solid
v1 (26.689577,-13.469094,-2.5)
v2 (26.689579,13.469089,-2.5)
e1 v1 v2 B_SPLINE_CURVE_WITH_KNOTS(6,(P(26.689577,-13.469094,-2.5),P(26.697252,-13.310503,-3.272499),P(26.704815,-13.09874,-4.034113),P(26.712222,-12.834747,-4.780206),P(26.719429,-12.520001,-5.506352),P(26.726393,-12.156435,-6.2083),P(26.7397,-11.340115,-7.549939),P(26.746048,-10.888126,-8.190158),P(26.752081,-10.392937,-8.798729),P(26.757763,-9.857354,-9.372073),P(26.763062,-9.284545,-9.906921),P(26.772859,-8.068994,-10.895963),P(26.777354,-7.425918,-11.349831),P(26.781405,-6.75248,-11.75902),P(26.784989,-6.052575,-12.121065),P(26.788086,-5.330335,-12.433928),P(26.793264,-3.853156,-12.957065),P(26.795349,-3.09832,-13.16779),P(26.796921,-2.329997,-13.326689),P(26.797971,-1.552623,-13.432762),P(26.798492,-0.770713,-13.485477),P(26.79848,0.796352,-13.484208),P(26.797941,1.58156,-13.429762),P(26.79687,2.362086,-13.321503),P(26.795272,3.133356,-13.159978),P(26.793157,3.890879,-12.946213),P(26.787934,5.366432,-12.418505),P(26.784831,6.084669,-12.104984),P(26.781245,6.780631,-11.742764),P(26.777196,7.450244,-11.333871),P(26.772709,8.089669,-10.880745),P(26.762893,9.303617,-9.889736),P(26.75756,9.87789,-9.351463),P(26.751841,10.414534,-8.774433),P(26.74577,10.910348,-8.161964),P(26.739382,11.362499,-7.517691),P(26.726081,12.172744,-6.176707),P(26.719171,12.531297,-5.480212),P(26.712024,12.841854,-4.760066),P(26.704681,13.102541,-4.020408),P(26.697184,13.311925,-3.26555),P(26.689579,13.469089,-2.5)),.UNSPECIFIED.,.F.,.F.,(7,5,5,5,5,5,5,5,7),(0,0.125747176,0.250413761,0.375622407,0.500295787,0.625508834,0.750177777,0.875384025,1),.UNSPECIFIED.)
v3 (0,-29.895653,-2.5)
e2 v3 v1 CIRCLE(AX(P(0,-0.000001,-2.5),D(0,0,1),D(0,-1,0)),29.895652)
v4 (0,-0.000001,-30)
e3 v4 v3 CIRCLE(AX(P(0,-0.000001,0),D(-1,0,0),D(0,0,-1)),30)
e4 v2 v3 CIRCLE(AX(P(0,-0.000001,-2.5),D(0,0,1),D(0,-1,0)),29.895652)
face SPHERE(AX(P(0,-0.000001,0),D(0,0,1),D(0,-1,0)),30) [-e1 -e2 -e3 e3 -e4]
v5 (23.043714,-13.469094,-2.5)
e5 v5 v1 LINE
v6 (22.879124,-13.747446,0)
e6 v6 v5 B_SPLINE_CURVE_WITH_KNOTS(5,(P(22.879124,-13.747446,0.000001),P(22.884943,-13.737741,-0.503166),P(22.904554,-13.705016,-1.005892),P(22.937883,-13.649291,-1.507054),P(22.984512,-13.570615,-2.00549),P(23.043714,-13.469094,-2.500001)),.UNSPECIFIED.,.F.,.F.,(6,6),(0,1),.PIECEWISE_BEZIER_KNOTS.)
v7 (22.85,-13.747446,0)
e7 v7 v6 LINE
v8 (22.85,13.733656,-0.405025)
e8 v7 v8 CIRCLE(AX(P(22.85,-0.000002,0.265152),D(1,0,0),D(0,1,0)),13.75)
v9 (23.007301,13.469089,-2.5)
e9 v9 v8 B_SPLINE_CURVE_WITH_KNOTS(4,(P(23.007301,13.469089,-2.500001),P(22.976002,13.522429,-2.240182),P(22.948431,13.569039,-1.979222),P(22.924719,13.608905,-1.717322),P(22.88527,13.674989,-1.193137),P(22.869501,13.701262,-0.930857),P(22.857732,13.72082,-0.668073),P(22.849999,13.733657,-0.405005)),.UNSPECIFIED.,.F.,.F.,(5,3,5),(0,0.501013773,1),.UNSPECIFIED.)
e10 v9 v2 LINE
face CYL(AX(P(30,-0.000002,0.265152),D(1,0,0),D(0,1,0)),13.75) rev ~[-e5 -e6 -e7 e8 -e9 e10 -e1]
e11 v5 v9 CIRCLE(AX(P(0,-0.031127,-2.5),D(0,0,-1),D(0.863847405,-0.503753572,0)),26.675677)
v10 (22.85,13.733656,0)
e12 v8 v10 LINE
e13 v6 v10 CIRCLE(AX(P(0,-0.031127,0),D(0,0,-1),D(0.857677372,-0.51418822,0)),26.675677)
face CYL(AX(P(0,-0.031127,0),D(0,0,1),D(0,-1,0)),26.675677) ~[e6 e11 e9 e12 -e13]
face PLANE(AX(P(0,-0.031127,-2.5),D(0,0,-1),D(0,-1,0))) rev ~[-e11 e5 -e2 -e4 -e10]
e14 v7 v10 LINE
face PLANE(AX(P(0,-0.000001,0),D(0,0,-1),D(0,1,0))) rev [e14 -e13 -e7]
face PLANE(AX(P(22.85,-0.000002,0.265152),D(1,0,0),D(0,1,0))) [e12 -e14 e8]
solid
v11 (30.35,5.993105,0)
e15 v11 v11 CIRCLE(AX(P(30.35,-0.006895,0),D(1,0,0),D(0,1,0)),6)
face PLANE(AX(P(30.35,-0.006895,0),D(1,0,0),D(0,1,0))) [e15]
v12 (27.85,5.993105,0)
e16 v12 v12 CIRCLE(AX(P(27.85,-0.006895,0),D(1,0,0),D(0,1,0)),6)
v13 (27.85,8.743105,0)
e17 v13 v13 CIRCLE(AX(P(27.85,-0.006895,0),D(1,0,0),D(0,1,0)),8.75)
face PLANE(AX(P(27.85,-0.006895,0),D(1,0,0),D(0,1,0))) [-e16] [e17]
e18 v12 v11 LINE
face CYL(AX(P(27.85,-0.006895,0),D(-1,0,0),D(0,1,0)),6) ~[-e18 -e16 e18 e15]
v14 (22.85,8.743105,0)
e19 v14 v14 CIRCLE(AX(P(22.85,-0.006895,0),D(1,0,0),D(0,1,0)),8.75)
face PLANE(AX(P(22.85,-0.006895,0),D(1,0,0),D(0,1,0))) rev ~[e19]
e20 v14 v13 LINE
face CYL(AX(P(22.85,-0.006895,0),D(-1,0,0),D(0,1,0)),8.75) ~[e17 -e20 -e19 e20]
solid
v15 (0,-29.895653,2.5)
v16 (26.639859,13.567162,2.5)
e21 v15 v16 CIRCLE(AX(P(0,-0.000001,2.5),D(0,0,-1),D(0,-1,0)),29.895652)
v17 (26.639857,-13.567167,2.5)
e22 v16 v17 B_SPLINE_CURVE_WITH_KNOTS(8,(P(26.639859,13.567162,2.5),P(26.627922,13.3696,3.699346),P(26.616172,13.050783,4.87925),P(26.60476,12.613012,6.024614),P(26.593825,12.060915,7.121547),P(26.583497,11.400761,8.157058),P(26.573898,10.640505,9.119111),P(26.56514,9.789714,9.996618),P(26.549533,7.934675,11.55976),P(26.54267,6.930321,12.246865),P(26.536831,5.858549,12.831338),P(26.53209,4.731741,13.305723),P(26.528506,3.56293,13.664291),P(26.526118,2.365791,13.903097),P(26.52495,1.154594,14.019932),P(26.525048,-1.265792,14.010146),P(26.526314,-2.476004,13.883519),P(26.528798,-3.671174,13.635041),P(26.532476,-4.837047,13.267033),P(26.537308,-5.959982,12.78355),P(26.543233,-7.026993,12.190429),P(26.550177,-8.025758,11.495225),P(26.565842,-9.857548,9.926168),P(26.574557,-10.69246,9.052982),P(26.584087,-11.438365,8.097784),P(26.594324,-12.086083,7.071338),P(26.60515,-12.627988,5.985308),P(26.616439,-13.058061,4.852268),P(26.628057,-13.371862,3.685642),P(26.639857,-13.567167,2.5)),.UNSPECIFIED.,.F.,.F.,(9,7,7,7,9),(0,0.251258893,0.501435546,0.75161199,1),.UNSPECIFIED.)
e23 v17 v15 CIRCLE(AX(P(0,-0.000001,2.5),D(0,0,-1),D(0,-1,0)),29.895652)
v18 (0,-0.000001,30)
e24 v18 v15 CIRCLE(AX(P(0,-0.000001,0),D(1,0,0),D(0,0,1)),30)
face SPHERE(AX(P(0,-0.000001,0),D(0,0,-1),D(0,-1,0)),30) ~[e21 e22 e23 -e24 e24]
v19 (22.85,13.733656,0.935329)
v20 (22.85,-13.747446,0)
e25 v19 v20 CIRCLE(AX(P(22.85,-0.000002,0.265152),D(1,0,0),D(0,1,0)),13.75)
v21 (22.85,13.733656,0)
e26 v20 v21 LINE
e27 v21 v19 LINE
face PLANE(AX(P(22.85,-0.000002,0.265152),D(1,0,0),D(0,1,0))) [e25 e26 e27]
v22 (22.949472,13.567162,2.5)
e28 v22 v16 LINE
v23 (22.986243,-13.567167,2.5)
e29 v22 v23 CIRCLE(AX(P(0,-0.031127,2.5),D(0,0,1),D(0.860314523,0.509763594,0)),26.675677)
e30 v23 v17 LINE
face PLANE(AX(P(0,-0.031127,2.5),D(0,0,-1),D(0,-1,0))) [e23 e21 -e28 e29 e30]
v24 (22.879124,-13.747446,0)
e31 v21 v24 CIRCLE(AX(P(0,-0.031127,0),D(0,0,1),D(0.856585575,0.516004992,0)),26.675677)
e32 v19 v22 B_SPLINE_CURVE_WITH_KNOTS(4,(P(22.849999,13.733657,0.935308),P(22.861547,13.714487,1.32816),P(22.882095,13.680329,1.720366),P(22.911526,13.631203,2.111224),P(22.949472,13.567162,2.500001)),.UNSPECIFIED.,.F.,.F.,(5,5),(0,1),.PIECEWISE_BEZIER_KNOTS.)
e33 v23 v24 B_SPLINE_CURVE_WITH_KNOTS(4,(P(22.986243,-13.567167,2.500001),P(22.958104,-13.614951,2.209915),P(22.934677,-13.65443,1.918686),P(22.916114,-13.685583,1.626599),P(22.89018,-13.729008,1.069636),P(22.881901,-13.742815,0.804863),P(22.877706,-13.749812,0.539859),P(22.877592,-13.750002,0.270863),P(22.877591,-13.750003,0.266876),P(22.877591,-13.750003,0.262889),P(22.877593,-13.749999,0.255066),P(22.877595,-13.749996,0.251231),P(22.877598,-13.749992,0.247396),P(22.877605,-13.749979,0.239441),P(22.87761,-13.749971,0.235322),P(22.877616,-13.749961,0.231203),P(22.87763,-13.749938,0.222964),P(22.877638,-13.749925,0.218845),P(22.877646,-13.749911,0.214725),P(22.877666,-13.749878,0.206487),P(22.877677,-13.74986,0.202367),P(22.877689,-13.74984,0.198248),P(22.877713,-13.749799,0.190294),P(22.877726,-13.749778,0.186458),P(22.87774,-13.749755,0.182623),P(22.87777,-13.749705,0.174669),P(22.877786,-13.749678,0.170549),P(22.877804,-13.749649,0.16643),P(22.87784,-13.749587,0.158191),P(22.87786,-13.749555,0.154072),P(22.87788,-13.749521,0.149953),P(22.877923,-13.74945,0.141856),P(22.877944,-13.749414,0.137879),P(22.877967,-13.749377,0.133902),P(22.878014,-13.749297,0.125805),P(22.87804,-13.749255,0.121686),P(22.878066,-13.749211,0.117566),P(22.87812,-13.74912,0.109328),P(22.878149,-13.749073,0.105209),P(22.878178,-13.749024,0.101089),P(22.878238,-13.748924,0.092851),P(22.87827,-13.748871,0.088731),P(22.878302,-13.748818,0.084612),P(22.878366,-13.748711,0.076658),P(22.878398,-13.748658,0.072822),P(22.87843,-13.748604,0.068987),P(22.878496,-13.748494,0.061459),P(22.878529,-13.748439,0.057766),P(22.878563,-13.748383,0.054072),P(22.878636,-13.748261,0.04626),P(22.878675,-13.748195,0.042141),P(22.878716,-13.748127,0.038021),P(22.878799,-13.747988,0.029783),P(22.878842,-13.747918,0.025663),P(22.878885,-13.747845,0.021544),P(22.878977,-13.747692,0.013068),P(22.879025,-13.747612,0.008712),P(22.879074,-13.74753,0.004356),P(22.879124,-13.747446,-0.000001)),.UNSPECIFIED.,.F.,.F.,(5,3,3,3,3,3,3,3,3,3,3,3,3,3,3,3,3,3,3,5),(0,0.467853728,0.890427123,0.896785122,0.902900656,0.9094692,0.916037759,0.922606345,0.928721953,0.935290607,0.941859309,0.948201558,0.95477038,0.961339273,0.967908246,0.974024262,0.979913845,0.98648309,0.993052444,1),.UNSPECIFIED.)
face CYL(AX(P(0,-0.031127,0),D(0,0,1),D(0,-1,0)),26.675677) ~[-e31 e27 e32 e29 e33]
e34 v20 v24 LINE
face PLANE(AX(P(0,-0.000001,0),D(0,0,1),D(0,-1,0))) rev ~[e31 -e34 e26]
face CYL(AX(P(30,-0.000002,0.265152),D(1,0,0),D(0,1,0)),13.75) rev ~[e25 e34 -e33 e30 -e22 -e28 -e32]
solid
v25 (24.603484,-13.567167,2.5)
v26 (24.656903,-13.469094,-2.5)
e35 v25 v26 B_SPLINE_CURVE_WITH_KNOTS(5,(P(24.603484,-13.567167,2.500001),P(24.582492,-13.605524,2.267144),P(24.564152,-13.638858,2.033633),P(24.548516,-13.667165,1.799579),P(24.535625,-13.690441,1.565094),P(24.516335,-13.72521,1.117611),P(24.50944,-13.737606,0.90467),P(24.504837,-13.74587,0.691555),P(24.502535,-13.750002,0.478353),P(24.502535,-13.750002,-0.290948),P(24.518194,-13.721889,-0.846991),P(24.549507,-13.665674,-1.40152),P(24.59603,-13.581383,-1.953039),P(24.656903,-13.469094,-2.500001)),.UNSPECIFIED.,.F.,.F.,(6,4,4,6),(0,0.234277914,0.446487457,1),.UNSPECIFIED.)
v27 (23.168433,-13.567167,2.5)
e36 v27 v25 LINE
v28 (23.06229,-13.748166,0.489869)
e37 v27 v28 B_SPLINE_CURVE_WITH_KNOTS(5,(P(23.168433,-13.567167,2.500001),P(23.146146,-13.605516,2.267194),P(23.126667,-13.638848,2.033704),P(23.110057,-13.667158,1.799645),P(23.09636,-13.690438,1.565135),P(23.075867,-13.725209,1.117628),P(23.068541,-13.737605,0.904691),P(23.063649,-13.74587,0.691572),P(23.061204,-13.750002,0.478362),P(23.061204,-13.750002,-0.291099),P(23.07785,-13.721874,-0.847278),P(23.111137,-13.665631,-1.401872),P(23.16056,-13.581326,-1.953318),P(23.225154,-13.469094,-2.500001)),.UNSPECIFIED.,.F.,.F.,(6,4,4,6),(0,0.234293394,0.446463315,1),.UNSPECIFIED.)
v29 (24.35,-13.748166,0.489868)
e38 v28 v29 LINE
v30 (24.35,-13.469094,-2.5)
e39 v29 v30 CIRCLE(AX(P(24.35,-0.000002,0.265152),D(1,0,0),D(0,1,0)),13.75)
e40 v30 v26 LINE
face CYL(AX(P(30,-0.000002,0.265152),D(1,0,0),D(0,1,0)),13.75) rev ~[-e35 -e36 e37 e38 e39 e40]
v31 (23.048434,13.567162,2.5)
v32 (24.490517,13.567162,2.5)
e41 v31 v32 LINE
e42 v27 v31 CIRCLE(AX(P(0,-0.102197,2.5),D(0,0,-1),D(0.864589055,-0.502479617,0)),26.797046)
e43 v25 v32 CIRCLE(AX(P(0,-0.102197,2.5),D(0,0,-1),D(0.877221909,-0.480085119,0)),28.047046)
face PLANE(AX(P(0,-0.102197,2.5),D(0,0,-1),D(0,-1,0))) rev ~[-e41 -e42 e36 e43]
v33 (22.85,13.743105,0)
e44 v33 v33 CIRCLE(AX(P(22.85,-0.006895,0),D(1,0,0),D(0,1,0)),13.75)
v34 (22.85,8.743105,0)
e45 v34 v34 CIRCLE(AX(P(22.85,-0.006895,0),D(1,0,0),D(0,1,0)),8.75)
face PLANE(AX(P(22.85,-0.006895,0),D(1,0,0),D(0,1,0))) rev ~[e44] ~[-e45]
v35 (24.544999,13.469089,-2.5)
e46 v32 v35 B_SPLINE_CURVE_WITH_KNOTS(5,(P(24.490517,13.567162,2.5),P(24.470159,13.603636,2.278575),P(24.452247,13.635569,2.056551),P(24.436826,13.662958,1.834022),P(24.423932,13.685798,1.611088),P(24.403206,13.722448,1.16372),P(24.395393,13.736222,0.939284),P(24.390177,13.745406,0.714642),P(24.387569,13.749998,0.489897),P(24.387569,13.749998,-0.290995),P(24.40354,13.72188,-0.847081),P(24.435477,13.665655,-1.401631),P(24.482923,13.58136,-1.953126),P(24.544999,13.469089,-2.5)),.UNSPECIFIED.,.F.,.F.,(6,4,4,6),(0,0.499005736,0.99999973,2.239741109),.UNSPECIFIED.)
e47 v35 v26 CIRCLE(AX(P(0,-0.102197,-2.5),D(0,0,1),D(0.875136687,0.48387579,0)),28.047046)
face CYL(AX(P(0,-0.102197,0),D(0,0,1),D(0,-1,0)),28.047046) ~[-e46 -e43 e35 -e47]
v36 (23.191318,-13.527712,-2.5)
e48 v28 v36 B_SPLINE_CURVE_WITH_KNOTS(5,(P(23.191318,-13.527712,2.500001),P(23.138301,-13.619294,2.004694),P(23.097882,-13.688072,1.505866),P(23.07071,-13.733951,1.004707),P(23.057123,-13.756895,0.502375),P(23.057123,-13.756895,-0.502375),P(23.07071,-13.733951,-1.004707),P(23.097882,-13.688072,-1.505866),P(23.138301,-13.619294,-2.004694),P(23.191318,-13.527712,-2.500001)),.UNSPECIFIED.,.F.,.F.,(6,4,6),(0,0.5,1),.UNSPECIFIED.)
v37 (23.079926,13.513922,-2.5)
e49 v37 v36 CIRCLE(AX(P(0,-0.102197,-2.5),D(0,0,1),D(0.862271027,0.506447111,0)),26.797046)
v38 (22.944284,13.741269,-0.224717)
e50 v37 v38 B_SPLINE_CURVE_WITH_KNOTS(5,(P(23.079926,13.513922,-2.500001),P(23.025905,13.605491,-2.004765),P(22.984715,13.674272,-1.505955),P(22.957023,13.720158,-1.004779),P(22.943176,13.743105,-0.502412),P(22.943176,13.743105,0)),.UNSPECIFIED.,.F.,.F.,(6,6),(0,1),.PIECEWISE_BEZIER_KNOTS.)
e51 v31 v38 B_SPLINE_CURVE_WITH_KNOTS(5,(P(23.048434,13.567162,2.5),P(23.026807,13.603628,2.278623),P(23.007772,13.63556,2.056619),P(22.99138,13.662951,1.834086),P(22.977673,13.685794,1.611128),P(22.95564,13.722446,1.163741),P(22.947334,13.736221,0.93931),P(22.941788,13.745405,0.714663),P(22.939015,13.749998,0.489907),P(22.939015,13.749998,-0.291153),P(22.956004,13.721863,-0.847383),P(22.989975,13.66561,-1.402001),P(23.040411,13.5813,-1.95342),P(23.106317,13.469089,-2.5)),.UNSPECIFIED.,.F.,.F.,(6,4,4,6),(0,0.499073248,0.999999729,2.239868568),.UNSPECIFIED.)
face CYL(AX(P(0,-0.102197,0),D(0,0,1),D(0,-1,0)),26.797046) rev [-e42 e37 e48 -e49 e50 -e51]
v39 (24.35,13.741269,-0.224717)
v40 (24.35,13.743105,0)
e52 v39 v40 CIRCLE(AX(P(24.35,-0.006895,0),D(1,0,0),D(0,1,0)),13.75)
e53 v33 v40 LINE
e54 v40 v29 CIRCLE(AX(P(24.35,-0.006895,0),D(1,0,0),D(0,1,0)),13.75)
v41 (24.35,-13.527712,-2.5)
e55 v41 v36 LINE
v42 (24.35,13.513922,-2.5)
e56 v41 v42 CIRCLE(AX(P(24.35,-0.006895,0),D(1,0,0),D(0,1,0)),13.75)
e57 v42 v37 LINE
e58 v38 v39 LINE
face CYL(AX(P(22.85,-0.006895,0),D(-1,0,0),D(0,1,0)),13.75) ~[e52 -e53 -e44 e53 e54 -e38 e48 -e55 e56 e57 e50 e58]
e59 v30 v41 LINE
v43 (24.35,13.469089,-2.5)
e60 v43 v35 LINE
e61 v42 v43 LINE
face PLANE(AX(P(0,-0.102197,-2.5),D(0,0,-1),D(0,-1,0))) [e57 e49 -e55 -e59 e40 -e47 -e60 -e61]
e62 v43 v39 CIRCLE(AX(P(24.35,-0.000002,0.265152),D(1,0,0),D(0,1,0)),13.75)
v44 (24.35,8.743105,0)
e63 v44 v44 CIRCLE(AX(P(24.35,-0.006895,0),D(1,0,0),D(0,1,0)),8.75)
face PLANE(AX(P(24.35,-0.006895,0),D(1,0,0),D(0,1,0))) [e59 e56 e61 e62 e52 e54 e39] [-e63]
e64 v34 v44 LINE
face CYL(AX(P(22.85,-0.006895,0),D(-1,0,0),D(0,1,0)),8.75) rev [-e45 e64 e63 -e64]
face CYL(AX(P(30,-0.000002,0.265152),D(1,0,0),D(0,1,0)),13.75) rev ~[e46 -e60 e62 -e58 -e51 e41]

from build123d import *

# Parameters (mm, degrees)
F3_W      = 7.5
F3_H      = 5
F5_W      = 1.25
F5_H      = 5
F8_R      = 13.75
F9_DEPTH  = 7.15
F10_R     = 13.75
F10_R_2   = 8.75
F11_DEPTH = 1.5
F12_R     = 8.75
F13_DEPTH = 5
F14_R     = 6
F15_DEPTH = 2.5


with BuildPart() as f1:
    # F0 (on Right) → F1 (revolve)
    with BuildSketch(Plane.YZ):
        with BuildLine():
            Line((-9.245e-07, 0), (-9.245e-07, 30))
            ThreePointArc((-9.245e-07, 30), (-21.2132043601, 21.2132034356), (-30.0000009245, 0))
            Line((-30.0000009245, 0), (-9.245e-07, 0))
        make_face()
    revolve(axis=Axis((0, -9.245e-07, 15), (0, 0, 1)))


with BuildPart() as f2_1:
    # F2: instance of F1
    add(f1.part.mirror(Plane.XY))


with BuildPart() as f4_tool:
    # F3 (on Right) → F4 (revolve)
    with BuildSketch(Plane.YZ):
        with Locations((-30.4568037391, 0)):
            Rectangle(F3_W, F3_H)
    revolve(axis=Axis((0, -0.0311268886, -0.3012642264), (0, 0, -1)))


with BuildPart() as f1_1:
    add(f1.part)

    # F4: cut by f4_tool
    add(f4_tool.part, mode=Mode.SUBTRACT)


with BuildPart() as f2_1_1:
    add(f2_1.part)

    # F4: cut by f4_tool
    add(f4_tool.part, mode=Mode.SUBTRACT)


with BuildPart() as f6:
    # F5 (on Right) → F6 (revolve)
    with BuildSketch(Plane.YZ):
        with Locations((-27.5242437874, 0)):
            Rectangle(F5_W, F5_H)
    revolve(axis=Axis((0, -0.1021973221, 0.176653266), (0, 0, -1)))


with BuildPart() as f9_tool:
    # F8 (on offset) → F9 (new body)
    with BuildSketch(Plane.YZ.offset(30)):
        with Locations((-2.4813e-06, 0.2651515242)):
            Circle(F8_R)
    extrude(amount=-F9_DEPTH)


with BuildPart() as f1_2:
    add(f1_1.part)

    # F9: cut by f9_tool
    add(f9_tool.part, mode=Mode.SUBTRACT)


with BuildPart() as f2_1_2:
    add(f2_1_1.part)

    # F9: cut by f9_tool
    add(f9_tool.part, mode=Mode.SUBTRACT)


with BuildPart() as f6_1:
    add(f6.part)

    # F9: cut by f9_tool
    add(f9_tool.part, mode=Mode.SUBTRACT)

    # F10 (on face) → F11 (join)
    with BuildSketch(Plane.YZ.offset(22.85)):
        with Locations((-0.0068950708, 0)):
            Circle(F10_R)
        with Locations((-0.0068950708, 0)):
            Circle(F10_R_2, mode=Mode.SUBTRACT)
    extrude(amount=F11_DEPTH)


with BuildPart() as f13:
    # F12 (on face) → F13 (new body)
    with BuildSketch(Plane.YZ.offset(22.85)):
        with Locations((-0.0068950708, 0)):
            Circle(F12_R)
    extrude(amount=F13_DEPTH)

    # F14 (on face) → F15 (join)
    with BuildSketch(Plane.YZ.offset(27.85)):
        with Locations((-0.0068950708, 0)):
            Circle(F14_R)
    extrude(amount=F15_DEPTH)


solid = Compound([f1_2.part, f2_1_2.part, f6_1.part, f13.part])
